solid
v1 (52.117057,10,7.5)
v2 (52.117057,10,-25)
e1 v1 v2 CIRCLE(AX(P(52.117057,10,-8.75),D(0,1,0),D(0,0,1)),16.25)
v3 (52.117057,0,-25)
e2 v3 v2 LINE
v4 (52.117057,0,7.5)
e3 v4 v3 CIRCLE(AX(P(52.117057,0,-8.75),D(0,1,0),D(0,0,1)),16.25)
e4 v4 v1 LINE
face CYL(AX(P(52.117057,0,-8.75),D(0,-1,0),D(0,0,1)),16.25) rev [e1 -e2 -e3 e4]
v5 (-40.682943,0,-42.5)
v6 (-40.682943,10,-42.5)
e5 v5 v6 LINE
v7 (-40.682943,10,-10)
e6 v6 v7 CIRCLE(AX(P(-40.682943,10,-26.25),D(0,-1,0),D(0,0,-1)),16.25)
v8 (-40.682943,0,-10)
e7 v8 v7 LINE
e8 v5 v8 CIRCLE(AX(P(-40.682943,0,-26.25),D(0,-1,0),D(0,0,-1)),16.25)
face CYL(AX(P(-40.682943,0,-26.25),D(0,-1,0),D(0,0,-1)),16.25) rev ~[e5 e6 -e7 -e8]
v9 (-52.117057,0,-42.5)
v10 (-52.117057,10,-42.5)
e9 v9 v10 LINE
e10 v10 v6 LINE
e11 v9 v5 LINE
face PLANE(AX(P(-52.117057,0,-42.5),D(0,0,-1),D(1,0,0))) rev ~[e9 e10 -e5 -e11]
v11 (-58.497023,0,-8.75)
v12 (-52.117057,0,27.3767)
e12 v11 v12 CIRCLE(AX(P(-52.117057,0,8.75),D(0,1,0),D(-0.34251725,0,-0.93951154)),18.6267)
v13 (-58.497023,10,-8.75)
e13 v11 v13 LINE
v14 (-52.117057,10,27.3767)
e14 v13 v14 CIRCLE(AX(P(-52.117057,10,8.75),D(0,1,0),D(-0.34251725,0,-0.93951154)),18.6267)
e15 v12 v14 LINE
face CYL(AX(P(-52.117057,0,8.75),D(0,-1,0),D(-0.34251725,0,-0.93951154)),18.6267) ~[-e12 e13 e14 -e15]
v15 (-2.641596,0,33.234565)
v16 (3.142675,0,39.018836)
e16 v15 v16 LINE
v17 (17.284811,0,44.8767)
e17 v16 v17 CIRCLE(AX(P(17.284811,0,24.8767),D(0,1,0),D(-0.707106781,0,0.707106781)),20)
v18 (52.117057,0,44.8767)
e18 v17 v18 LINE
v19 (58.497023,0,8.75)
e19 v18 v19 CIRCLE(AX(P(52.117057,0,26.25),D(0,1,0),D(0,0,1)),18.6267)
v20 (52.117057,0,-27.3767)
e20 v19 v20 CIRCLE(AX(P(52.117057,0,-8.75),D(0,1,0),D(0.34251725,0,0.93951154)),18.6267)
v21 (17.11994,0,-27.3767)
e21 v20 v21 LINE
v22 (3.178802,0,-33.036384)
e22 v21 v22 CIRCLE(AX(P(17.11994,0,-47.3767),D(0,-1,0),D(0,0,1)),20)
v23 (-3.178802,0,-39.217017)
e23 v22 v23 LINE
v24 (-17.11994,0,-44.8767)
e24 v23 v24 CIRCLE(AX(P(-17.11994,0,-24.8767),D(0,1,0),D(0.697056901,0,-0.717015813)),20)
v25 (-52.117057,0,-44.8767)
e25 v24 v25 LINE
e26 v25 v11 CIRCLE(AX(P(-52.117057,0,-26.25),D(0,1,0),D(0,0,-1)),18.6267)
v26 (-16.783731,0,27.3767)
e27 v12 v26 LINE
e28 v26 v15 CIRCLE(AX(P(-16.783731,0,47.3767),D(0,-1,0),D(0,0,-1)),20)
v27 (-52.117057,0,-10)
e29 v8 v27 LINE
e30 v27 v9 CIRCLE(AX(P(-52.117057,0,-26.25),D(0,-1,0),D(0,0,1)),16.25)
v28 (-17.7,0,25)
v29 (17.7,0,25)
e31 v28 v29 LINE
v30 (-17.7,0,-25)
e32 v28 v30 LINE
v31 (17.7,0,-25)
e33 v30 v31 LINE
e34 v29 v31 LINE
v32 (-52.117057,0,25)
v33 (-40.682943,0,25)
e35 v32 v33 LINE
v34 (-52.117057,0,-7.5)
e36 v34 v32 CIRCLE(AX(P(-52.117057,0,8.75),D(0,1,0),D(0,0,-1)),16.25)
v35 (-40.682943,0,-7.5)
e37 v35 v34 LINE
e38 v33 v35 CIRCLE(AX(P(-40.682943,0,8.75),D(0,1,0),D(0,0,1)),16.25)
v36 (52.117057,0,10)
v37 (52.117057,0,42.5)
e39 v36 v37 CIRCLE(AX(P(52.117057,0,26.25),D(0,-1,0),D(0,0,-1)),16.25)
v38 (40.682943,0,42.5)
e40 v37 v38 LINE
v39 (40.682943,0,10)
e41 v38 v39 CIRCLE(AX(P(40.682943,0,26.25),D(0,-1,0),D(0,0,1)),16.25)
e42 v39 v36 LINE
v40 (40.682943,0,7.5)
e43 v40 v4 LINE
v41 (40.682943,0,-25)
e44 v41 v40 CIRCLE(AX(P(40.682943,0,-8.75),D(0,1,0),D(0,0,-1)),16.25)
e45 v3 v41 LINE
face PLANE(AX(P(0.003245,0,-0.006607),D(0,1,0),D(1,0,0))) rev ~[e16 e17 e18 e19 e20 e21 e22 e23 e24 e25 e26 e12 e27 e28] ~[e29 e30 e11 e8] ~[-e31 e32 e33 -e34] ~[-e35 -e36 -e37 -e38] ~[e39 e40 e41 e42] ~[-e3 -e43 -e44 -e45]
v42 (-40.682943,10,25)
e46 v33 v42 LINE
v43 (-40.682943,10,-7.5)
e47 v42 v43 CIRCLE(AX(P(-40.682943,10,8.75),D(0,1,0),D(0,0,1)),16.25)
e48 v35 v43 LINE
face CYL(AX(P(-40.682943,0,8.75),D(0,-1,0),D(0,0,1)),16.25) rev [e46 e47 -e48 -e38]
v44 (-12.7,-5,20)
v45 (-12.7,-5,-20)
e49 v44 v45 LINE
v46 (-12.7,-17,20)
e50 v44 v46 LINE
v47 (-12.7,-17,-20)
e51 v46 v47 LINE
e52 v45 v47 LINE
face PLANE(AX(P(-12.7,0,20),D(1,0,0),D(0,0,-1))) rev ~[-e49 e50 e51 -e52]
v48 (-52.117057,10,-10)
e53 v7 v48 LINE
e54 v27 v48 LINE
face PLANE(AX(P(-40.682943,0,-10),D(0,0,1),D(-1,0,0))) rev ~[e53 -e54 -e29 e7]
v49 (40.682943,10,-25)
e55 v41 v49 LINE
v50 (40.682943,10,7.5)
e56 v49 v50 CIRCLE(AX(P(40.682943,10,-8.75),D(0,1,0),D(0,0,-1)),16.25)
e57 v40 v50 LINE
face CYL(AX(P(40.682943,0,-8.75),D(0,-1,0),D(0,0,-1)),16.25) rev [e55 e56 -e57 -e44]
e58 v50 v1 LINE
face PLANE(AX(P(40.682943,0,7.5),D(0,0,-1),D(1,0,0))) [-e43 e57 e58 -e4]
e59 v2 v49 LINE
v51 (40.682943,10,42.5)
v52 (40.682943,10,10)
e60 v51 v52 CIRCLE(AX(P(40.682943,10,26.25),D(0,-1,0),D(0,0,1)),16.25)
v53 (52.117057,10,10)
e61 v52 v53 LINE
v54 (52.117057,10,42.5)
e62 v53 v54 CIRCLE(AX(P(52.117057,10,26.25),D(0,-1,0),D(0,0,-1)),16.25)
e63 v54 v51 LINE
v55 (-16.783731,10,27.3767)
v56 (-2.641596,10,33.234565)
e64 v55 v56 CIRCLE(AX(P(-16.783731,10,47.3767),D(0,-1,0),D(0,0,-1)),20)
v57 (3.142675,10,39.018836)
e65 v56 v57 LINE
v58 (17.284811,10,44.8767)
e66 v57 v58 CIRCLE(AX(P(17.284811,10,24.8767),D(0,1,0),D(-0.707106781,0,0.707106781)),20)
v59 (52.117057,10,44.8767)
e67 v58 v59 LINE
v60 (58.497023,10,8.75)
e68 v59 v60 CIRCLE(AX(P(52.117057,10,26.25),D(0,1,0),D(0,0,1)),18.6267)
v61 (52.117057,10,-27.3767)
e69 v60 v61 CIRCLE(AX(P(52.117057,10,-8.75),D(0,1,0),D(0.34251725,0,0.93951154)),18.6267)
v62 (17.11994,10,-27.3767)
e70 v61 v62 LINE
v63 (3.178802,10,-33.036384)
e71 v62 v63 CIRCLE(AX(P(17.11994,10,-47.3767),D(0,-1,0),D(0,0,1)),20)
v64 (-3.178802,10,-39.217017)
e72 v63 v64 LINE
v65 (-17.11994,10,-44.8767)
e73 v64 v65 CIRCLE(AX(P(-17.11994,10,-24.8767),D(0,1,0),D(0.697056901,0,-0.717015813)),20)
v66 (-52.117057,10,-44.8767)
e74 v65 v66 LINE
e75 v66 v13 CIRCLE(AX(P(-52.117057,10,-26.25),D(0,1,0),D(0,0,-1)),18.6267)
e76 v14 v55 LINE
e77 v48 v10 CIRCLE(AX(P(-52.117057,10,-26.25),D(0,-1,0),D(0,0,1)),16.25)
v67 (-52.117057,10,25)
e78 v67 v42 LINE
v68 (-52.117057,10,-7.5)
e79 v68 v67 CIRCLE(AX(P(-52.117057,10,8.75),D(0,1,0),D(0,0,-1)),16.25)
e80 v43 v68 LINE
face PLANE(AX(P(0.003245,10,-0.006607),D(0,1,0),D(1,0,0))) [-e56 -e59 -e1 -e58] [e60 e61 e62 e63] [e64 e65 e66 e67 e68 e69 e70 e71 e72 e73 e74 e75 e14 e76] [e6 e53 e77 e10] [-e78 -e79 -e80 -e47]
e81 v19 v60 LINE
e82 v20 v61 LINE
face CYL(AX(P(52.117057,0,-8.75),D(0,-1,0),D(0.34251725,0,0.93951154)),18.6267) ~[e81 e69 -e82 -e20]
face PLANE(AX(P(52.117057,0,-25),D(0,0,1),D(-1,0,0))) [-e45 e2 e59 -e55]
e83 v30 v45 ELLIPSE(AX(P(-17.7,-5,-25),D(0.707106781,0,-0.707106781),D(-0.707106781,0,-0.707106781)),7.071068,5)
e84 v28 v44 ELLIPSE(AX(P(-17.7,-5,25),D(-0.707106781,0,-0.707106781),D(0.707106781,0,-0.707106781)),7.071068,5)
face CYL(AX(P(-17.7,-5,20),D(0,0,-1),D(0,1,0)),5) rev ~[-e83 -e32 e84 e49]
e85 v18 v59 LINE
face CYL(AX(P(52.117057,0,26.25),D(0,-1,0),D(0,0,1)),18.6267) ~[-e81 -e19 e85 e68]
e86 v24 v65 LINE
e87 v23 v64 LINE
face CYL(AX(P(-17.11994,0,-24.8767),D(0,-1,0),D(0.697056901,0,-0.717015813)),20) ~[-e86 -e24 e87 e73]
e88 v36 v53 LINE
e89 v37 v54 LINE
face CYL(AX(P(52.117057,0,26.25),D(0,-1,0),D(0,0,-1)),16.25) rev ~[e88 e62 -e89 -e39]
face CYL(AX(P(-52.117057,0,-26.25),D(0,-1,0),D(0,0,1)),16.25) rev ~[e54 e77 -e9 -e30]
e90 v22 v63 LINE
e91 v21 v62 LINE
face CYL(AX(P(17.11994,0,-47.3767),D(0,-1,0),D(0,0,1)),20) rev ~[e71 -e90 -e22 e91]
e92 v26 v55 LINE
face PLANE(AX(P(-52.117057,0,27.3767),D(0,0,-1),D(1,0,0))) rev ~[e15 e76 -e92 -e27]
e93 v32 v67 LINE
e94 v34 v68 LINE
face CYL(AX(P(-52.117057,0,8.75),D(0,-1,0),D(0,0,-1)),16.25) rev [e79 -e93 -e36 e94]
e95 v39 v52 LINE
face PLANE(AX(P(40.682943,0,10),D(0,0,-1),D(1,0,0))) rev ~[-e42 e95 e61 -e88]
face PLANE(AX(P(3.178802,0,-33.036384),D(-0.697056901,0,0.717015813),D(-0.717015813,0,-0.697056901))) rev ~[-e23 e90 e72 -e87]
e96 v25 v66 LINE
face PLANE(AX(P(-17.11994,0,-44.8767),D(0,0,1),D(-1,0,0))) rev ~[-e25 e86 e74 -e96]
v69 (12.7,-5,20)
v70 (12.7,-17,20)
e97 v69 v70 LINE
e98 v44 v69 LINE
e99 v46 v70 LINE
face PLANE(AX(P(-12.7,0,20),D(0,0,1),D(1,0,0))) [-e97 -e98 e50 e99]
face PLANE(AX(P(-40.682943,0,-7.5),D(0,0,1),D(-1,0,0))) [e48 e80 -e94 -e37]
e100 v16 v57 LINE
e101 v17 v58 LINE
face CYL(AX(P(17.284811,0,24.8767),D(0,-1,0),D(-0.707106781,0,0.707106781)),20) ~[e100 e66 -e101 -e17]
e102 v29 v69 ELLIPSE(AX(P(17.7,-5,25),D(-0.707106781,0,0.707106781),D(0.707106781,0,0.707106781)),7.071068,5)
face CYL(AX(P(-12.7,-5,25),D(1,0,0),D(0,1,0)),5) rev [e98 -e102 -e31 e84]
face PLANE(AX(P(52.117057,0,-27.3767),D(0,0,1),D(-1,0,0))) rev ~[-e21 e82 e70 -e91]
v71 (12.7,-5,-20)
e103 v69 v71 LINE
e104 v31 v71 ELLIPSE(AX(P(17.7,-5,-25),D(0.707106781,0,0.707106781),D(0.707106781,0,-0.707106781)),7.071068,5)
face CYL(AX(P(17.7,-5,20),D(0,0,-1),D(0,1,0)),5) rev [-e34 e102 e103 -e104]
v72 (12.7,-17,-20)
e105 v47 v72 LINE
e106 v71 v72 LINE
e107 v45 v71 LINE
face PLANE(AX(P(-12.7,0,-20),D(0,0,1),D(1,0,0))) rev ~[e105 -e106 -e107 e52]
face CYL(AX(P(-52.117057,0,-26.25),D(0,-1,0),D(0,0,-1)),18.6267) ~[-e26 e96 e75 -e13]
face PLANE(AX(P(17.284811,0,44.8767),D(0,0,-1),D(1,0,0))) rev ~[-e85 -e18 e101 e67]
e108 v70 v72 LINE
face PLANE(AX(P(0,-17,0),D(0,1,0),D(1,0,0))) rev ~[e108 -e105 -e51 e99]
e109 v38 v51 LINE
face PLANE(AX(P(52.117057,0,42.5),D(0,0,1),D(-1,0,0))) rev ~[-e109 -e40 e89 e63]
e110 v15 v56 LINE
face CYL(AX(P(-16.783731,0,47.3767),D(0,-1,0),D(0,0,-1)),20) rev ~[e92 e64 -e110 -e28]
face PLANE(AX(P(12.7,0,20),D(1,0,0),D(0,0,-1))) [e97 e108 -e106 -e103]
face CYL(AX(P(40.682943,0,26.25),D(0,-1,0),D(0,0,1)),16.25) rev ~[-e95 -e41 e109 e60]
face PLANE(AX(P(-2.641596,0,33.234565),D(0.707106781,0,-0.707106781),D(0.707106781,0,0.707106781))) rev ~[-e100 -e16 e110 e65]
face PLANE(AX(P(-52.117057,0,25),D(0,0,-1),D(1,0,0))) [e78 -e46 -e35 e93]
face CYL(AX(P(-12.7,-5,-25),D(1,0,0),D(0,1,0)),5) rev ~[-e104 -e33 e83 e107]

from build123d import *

# Parameters (mm, degrees)
BOSS_EXTRUDE1_DEPTH = 10
BOSS_EXTRUDE3_START = -10
SKETCH2_W           = 25.4
SKETCH2_H           = 40
BOSS_EXTRUDE3_DEPTH = 17
FILLET2_R           = 5


with BuildPart() as part:
    # Sketch1 → Boss-Extrude1 (new body)
    with BuildSketch(Plane(origin=(0, 0, 0), x_dir=(1, 0, 0), z_dir=(0, 1, 0))):
        with BuildLine():
            Line((-40.682943279, 44.876700425), (-52.117056721, 44.876700425))
            ThreePointArc((-52.117056721, 44.876700425), (-70.45991945, 29.48934494), (-58.497022921, 8.75))
            ThreePointArc((-58.497022921, 8.75), (-70.45991945, -11.98934494), (-52.117056721, -27.376700425))
            Line((-52.117056721, -27.376700425), (-40.682943279, -27.376700425))
            Line((-40.682943279, -27.376700425), (-16.783731474, -27.376700425))
            ThreePointArc((-16.783731474, -27.376700425), (-9.130062827, -28.899109774), (-2.64159585, -33.234564801))
            Line((-2.64159585, -33.234564801), (3.142675397, -39.018836048))
            ThreePointArc((3.142675397, -39.018836048), (9.631142374, -43.354291075), (17.284811021, -44.876700425))
            Line((17.284811021, -44.876700425), (40.682943279, -44.876700425))
            Line((40.682943279, -44.876700425), (52.117056721, -44.876700425))
            ThreePointArc((52.117056721, -44.876700425), (70.45991945, -29.48934494), (58.497022921, -8.75))
            ThreePointArc((58.497022921, -8.75), (70.45991945, 11.98934494), (52.117056721, 27.376700425))
            Line((52.117056721, 27.376700425), (40.682943279, 27.376700425))
            Line((40.682943279, 27.376700425), (17.119939677, 27.376700425))
            ThreePointArc((17.119939677, 27.376700425), (9.596852719, 28.845560076), (3.17880165, 33.036384162))
            Line((3.17880165, 33.036384162), (-3.17880165, 39.217016687))
            ThreePointArc((-3.17880165, 39.217016687), (-9.596852719, 43.407840773), (-17.119939677, 44.876700425))
            Line((-17.119939677, 44.876700425), (-40.682943279, 44.876700425))
        make_face()
        with BuildLine():
            Line((-40.682943279, 10), (-52.117056721, 10))
            ThreePointArc((-52.117056721, 10), (-68.367056721, 26.25), (-52.117056721, 42.5))
            Line((-52.117056721, 42.5), (-40.682943279, 42.5))
            ThreePointArc((-40.682943279, 42.5), (-24.432943279, 26.25), (-40.682943279, 10))
        make_face(mode=Mode.SUBTRACT)
        with BuildLine():
            Line((-40.682943279, 7.5), (-52.117056721, 7.5))
            ThreePointArc((-52.117056721, 7.5), (-68.367056721, -8.75), (-52.117056721, -25))
            Line((-52.117056721, -25), (-40.682943279, -25))
            ThreePointArc((-40.682943279, -25), (-24.432943279, -8.75), (-40.682943279, 7.5))
        make_face(mode=Mode.SUBTRACT)
        with BuildLine():
            Line((40.682943279, -10), (52.117056721, -10))
            ThreePointArc((52.117056721, -10), (68.367056721, -26.25), (52.117056721, -42.5))
            Line((52.117056721, -42.5), (40.682943279, -42.5))
            ThreePointArc((40.682943279, -42.5), (24.432943279, -26.25), (40.682943279, -10))
        make_face(mode=Mode.SUBTRACT)
        with BuildLine():
            Line((40.682943279, -7.5), (52.117056721, -7.5))
            ThreePointArc((52.117056721, -7.5), (68.367056721, 8.75), (52.117056721, 25))
            Line((52.117056721, 25), (40.682943279, 25))
            ThreePointArc((40.682943279, 25), (24.432943279, 8.75), (40.682943279, -7.5))
        make_face(mode=Mode.SUBTRACT)
    extrude(amount=BOSS_EXTRUDE1_DEPTH)

    # Sketch2 → Boss-Extrude3 (add)
    with BuildSketch(Plane(origin=(0, 10, 0), x_dir=(1, 0, 0), z_dir=(0, 1, 0)).offset(BOSS_EXTRUDE3_START)):
        Rectangle(SKETCH2_W, SKETCH2_H)
    extrude(amount=-BOSS_EXTRUDE3_DEPTH)

    # Fillet2
    fillet2_edges = [part.edges().sort_by_distance(p)[0] for p in [
        (-12.7, 0, 0),
        (0, 0, 20),
        (12.7, 0, 0),
        (0, 0, -20),
    ]]
    fillet(fillet2_edges, radius=FILLET2_R)


solid = part.part
